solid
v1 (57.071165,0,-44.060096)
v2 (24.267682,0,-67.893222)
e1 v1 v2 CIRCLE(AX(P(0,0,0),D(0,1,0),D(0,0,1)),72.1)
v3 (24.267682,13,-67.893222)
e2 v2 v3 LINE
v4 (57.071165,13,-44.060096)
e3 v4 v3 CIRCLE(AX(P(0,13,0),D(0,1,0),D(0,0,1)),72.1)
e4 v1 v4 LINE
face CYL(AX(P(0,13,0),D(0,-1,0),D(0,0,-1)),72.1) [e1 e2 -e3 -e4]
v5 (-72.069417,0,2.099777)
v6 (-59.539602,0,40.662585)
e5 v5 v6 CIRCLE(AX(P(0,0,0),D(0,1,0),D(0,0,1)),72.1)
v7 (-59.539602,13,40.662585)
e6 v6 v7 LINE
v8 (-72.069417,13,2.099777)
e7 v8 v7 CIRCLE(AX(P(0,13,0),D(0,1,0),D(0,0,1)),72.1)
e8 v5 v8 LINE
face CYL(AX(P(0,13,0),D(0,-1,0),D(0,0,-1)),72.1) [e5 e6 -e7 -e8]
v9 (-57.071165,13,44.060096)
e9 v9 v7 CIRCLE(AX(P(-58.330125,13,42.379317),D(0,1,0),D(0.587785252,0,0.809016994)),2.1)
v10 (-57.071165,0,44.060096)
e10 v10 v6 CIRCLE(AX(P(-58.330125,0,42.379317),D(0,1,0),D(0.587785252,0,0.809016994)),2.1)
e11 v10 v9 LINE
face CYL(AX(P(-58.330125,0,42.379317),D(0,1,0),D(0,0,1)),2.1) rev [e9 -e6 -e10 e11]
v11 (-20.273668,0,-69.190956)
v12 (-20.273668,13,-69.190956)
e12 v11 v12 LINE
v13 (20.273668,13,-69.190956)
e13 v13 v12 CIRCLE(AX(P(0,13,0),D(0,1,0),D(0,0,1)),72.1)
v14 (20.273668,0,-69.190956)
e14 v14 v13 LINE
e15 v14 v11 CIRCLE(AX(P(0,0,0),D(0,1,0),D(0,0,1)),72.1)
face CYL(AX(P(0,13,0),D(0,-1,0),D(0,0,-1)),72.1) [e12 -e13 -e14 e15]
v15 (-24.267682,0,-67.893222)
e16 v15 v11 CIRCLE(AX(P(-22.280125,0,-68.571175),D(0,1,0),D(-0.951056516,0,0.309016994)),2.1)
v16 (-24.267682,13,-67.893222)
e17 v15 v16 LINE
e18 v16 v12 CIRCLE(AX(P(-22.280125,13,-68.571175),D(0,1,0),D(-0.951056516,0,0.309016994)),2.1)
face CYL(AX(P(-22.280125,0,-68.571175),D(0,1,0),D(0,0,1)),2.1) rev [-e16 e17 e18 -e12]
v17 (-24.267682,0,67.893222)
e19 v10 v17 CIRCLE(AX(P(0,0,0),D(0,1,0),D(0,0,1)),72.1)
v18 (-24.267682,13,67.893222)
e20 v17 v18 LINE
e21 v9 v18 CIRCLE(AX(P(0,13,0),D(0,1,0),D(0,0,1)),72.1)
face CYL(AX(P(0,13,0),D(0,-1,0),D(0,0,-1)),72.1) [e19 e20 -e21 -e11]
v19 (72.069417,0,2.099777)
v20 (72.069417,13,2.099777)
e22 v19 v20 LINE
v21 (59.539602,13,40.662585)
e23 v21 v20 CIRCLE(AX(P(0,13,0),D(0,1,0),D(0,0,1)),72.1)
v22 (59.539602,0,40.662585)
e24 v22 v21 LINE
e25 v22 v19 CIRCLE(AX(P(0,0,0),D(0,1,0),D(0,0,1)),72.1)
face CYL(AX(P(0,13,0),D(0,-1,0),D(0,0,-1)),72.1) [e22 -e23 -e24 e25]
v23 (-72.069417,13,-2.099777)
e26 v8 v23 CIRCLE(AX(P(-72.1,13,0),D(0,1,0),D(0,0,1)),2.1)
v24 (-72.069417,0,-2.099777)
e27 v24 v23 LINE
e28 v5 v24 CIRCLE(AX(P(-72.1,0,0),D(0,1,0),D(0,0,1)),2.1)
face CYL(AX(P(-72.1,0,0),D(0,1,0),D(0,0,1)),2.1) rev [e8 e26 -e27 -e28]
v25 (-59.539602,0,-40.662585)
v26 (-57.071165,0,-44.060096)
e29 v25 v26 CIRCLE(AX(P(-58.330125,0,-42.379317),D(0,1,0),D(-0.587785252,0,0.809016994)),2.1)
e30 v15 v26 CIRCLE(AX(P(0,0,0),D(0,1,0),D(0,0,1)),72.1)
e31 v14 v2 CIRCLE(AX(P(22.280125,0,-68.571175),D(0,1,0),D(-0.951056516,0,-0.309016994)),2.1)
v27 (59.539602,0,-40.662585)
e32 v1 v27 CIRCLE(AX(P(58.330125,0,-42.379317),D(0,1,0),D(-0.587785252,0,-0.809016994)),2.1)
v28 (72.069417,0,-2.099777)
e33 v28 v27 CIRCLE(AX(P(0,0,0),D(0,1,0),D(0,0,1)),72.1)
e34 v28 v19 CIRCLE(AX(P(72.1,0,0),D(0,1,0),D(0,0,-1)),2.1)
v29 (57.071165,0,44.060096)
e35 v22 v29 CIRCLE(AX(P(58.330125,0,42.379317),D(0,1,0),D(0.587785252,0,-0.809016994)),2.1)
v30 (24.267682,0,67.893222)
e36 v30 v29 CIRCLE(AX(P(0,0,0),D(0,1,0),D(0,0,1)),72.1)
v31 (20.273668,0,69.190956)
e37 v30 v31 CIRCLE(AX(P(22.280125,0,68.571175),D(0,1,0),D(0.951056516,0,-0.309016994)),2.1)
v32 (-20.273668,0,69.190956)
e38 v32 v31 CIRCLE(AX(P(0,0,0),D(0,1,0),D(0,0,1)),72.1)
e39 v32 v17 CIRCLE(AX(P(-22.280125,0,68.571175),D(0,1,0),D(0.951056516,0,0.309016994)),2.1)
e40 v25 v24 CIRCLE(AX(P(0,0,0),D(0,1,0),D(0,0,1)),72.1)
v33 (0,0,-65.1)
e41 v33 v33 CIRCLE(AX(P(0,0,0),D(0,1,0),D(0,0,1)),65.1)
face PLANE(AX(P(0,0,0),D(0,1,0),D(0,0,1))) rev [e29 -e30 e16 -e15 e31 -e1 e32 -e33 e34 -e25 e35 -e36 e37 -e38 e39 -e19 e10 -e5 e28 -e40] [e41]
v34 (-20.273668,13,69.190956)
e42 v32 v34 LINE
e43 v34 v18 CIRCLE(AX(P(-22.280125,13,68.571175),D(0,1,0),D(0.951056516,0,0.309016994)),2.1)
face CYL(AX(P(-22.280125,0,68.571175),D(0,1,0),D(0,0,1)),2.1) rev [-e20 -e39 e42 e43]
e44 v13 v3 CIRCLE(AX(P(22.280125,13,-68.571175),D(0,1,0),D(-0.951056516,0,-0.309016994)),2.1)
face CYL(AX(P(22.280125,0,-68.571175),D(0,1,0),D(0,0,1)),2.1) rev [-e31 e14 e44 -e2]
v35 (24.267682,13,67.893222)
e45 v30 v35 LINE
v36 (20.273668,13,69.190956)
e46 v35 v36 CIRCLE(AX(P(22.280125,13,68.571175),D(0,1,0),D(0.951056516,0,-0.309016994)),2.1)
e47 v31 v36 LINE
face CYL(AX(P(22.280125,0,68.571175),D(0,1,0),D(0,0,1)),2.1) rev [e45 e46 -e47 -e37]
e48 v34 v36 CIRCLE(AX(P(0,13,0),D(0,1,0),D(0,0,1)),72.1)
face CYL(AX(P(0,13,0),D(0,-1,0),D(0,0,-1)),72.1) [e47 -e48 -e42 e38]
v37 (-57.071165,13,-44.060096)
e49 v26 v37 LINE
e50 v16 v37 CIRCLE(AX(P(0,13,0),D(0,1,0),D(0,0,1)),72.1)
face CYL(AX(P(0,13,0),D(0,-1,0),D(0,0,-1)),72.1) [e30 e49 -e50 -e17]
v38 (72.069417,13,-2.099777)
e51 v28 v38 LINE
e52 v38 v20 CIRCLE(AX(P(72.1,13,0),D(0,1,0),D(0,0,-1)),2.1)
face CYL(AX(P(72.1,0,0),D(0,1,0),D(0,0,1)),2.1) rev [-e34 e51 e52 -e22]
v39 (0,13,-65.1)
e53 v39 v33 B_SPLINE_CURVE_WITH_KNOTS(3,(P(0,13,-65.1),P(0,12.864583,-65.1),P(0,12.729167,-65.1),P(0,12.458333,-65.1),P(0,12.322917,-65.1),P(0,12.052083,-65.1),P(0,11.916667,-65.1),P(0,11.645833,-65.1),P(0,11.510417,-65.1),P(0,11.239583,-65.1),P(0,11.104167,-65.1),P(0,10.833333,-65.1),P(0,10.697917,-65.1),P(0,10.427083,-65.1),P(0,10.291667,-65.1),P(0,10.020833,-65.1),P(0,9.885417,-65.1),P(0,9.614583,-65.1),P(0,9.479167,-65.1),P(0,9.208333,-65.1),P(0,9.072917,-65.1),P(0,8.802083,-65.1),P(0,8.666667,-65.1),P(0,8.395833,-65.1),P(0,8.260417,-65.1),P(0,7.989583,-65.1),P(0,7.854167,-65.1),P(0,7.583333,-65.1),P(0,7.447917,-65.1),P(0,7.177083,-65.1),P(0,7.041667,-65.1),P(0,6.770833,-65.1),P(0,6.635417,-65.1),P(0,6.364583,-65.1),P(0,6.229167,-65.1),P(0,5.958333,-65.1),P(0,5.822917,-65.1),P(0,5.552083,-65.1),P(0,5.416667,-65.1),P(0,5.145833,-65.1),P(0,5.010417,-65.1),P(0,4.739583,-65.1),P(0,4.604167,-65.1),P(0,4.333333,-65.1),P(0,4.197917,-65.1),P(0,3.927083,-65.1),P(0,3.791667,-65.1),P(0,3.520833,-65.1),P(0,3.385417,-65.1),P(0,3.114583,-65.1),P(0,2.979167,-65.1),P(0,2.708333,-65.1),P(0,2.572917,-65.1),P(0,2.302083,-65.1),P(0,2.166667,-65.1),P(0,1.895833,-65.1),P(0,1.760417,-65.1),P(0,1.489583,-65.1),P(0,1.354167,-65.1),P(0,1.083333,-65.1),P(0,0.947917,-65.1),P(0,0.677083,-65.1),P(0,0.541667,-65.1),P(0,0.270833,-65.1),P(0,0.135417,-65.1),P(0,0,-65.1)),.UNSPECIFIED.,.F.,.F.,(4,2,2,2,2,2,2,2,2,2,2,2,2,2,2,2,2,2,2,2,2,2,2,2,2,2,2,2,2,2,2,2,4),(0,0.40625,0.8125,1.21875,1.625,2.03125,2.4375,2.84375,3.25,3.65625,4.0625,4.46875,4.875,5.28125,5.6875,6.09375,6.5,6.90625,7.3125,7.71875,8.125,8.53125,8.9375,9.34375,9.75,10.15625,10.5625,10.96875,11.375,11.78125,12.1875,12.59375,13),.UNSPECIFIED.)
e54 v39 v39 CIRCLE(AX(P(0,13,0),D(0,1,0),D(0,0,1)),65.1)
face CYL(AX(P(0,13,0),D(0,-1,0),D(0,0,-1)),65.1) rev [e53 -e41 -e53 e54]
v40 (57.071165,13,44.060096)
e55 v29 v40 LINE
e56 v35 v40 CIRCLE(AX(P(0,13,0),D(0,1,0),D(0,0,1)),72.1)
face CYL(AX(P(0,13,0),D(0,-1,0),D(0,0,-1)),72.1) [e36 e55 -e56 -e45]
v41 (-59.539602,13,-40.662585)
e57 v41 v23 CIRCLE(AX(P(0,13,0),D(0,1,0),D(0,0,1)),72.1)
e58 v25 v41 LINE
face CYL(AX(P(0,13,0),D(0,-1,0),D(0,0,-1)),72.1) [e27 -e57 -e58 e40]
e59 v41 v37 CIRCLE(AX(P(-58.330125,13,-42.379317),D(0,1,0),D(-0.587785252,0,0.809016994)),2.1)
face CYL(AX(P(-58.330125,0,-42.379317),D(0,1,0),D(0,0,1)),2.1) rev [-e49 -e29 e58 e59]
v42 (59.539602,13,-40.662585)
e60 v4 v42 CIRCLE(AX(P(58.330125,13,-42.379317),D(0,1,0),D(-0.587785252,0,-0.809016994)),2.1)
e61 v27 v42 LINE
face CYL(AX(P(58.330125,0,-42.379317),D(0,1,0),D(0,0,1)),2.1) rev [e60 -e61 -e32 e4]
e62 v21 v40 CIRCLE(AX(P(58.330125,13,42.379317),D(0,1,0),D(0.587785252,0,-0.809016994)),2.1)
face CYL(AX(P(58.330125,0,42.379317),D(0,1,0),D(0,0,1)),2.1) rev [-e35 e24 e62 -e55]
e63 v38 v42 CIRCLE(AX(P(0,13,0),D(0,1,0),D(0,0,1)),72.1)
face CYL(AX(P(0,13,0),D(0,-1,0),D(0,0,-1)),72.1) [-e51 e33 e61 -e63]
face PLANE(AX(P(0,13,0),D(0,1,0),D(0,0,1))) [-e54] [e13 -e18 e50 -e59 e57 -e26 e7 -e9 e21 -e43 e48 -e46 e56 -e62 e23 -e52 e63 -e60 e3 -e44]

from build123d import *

# Parameters (mm, degrees)
SKETCH_1_R               = 72.1
SKETCH_1_R_2             = 65.1
EXTRUDE_1_DEPTH          = 13
SKETCH_2_R               = 2.1
CUT_EXTRUDE_1_DEPTH      = 13
PATTERN_CIRCULAR_1_COUNT = 10


with BuildPart() as part:
    # 草图1 → 凸台-拉伸1 (new body)
    with BuildSketch(Plane(origin=(0, 0, 0), x_dir=(1, 0, 0), z_dir=(0, 1, 0))):
        with Locations(Location((0, 0, 0), (0, 0, 90))):
            Circle(SKETCH_1_R)
        with Locations(Location((0, 0, 0), (0, 0, 90))):
            Circle(SKETCH_1_R_2, mode=Mode.SUBTRACT)
    extrude(amount=EXTRUDE_1_DEPTH)

    # 草图2 → 切除-拉伸1 (cut)
    with BuildSketch(Plane(origin=(0, 13, 0), x_dir=(1, 0, 0), z_dir=(0, 1, 0))):
        with Locations((-72.1, 0)):
            Circle(SKETCH_2_R)
    cut_extrude_1 = extrude(amount=-CUT_EXTRUDE_1_DEPTH, mode=Mode.SUBTRACT)

    # 阵列(圆周)1: 切除-拉伸1 ×10 about axis
    pattern_circular_1_axis = Axis((0, 0, 0), (0, 1, 0))
    for i in range(1, PATTERN_CIRCULAR_1_COUNT):
        add(cut_extrude_1.rotate(pattern_circular_1_axis, i * 360 / PATTERN_CIRCULAR_1_COUNT), mode=Mode.SUBTRACT)


solid = part.part
